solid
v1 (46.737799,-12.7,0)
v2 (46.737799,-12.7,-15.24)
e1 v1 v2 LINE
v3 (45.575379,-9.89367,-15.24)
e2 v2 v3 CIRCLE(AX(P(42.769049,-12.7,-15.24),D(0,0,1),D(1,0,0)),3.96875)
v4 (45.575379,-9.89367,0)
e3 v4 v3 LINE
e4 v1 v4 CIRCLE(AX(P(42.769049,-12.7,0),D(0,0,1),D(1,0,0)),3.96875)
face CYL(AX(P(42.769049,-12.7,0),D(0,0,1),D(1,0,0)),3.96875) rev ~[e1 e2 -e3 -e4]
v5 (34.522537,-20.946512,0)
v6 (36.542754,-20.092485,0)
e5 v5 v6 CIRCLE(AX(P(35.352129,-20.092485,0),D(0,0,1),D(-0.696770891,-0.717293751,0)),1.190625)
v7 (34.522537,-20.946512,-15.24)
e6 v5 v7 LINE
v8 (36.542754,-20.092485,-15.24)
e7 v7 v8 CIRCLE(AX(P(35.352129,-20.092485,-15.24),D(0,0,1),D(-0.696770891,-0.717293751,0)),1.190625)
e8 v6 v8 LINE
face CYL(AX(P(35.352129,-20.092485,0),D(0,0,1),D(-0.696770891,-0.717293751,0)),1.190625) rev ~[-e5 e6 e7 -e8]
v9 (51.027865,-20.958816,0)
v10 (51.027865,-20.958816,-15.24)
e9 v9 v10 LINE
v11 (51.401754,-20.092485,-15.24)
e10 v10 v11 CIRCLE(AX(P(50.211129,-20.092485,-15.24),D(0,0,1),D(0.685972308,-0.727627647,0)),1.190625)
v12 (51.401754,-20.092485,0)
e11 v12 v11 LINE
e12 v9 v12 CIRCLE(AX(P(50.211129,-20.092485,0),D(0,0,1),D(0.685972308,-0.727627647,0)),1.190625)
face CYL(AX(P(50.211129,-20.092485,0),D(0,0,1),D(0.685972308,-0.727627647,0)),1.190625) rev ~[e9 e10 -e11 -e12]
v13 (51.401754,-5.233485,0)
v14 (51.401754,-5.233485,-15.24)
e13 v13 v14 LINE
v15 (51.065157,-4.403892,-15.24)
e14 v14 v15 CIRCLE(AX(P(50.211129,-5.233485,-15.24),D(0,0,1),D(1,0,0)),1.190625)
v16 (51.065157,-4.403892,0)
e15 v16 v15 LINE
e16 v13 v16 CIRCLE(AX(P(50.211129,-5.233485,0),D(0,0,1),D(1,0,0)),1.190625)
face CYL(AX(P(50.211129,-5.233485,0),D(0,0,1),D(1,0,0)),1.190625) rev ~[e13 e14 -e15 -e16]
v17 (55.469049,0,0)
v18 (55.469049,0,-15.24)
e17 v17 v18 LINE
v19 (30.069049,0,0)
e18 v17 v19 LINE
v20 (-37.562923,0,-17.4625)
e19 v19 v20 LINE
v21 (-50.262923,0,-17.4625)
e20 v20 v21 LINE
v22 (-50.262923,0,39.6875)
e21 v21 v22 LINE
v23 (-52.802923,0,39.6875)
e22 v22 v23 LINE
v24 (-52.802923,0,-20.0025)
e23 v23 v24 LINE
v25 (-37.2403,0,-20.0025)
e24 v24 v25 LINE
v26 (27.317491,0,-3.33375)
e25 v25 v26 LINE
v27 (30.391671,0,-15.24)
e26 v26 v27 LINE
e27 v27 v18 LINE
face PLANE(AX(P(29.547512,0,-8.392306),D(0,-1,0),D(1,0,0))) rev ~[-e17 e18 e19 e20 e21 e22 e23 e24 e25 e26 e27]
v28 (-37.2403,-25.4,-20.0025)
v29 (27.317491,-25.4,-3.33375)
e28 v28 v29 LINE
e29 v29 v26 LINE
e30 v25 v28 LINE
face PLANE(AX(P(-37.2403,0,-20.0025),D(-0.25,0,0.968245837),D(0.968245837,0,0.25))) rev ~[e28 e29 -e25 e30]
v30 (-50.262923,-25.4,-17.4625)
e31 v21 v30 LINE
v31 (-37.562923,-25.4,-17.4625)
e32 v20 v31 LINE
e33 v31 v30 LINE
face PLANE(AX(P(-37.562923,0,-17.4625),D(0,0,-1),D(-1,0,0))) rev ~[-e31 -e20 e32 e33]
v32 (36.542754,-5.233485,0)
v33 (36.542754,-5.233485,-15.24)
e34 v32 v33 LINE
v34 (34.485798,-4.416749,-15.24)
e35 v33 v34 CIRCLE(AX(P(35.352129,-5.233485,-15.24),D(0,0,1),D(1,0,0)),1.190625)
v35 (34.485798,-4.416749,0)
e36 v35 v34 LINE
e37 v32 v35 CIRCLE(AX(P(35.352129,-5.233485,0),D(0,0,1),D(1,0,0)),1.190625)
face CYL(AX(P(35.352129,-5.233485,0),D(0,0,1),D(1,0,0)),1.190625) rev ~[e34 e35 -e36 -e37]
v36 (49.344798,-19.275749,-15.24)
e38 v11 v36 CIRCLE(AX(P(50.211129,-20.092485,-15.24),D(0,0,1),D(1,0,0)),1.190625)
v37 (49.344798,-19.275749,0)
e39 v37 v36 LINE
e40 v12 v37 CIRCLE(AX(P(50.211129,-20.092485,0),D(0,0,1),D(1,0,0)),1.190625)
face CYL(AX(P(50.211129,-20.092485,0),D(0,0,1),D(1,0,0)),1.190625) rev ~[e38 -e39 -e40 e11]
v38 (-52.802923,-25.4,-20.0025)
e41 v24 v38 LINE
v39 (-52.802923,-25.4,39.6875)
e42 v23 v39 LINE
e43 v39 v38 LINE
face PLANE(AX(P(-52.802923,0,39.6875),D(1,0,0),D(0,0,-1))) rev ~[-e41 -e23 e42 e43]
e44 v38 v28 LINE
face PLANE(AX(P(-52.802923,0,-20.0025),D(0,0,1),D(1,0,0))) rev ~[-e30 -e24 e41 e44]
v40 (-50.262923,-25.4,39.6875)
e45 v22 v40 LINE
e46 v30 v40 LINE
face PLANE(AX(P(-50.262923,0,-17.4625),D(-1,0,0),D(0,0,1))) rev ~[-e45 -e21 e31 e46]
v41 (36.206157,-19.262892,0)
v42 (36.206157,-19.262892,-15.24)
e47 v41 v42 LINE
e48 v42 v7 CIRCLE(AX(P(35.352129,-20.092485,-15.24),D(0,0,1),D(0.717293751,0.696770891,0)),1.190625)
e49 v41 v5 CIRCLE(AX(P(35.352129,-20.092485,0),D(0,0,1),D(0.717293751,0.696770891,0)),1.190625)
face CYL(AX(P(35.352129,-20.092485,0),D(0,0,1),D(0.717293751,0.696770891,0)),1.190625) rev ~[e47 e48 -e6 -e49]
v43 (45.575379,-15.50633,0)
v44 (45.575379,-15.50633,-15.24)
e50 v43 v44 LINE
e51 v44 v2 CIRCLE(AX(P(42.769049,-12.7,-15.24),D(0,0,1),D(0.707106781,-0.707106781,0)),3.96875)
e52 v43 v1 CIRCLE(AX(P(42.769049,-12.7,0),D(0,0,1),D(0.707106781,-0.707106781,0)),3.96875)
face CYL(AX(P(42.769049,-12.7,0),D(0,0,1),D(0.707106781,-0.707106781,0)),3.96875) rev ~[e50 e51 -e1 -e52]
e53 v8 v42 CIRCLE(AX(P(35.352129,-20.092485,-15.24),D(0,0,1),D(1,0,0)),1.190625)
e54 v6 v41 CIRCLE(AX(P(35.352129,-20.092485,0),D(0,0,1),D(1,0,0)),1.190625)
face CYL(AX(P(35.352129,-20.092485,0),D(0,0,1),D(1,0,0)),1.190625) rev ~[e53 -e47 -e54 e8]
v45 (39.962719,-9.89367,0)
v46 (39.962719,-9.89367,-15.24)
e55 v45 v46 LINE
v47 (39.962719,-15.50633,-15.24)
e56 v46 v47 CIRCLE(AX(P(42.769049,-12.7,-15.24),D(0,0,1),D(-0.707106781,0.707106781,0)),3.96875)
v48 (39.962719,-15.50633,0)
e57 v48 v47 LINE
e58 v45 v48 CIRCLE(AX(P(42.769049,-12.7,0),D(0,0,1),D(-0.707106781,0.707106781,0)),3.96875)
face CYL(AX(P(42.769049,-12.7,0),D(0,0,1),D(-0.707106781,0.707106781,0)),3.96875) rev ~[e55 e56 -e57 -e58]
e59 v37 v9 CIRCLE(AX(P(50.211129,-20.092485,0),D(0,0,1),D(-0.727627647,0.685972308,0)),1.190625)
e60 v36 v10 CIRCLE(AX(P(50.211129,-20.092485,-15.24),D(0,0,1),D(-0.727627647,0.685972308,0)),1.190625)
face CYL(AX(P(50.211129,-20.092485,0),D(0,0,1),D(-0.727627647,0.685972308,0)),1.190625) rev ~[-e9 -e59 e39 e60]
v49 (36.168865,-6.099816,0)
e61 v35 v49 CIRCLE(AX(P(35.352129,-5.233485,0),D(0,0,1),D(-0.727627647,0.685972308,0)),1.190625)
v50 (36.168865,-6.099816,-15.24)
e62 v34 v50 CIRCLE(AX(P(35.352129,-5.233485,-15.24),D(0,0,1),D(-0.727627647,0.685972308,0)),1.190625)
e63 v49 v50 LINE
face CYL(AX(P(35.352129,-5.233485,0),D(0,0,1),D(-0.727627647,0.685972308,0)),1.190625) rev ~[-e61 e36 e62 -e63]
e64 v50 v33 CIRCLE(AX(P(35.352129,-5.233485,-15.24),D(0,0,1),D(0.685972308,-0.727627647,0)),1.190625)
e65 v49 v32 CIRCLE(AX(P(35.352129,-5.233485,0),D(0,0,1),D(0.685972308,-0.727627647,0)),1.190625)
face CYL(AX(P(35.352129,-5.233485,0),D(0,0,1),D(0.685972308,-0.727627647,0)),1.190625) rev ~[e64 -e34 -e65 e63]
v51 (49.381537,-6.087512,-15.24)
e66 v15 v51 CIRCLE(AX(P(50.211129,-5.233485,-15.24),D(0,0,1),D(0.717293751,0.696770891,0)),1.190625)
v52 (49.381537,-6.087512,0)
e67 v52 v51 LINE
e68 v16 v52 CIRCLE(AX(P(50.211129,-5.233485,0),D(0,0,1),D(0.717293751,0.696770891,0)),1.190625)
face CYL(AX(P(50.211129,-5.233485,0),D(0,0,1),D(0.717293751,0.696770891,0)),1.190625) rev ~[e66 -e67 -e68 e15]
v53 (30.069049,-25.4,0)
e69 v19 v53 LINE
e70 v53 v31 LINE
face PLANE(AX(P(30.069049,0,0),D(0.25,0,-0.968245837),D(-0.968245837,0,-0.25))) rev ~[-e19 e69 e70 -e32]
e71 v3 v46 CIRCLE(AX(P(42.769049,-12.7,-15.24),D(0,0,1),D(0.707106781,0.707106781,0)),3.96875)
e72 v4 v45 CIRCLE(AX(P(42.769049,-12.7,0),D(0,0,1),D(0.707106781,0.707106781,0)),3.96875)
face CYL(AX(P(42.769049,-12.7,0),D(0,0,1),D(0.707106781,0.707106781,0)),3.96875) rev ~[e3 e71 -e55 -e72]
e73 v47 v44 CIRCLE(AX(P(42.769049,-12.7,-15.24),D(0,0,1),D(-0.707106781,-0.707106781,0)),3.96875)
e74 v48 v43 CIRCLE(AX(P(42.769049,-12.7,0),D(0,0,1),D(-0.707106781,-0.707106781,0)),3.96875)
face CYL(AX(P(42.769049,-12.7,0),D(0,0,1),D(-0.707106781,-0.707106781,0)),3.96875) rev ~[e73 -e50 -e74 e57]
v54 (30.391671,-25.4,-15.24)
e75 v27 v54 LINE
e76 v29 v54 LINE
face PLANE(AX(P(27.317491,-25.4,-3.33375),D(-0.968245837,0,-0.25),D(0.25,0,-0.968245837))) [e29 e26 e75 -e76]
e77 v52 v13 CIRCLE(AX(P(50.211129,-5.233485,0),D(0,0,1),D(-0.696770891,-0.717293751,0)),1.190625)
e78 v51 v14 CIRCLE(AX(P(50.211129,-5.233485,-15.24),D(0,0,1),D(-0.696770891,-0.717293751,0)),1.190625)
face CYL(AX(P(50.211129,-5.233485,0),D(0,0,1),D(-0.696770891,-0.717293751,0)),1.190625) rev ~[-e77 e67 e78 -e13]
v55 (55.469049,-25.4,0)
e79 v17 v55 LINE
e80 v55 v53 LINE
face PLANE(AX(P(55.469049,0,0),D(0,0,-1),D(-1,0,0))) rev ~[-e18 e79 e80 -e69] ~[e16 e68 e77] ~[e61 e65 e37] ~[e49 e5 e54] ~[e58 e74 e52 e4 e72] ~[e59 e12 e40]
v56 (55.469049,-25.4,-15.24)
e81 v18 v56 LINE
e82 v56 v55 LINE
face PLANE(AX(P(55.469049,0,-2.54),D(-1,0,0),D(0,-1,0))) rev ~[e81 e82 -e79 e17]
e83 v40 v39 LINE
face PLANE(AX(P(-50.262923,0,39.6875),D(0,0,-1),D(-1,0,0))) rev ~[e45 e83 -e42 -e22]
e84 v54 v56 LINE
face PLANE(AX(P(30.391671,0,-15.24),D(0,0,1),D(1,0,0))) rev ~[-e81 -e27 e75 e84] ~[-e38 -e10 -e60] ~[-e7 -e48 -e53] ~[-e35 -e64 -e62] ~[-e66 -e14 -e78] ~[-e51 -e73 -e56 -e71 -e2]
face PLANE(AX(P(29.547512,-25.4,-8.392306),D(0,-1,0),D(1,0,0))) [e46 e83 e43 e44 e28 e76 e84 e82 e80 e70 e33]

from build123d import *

# Parameters (mm, degrees)
F1_DEPTH = 25.4
F3_DEPTH = 12.7
F5_DEPTH = 25.4
F6_DEPTH = 20.0035


with BuildPart() as f1:
    # F0 (on Front) → F1 (new body)
    with BuildSketch(Plane.XZ):
        Polygon((-50.2629226224, -17.4625), (-50.2629226224, 39.6875), (-52.8029226224, 39.6875), (-52.8029226224, -20.0025), (-37.2403003217, -20.0025), (30.3916713614, -2.54), (55.4690490608, -2.54), (55.4690490608, 0), (30.0690490608, 0), (-37.5629226224, -17.4625), align=None)
    extrude(amount=F1_DEPTH)

    # F3 (add): a face of the model
    f3_faces = [f1.faces().sort_by_distance(p)[0] for p in [
        (42.9303602111, -12.7, -2.54),
    ]]
    extrude(f3_faces, amount=F3_DEPTH)

    # F4 (on face) → F5 (join)
    with BuildSketch(Plane.XZ.offset(25.4)):
        Polygon((27.3174908304, -3.33375), (30.3916713614, -15.24), (30.3916713614, -2.54), align=None)
    extrude(amount=-F5_DEPTH)

    # F2 (on face) → F6 (cut, through all)
    with BuildSketch(Plane.XY):
        with BuildLine():
            Line((42.7690490608, -12.7), (45.5753790986, -9.8936699622))
            ThreePointArc((45.5753790986, -9.8936699622), (42.7690490608, -8.73125), (39.962719023, -9.8936699622))
            Line((39.962719023, -9.8936699622), (42.7690490608, -12.7))
        make_face()
        with BuildLine():
            ThreePointArc((45.5753790986, -15.5063300378), (46.4356959554, -14.2187748722), (46.7377990608, -12.7))
            ThreePointArc((46.7377990608, -12.7), (46.4356959554, -11.1812251278), (45.5753790986, -9.8936699622))
            Line((45.5753790986, -9.8936699622), (42.7690490608, -12.7))
            Line((42.7690490608, -12.7), (45.5753790986, -15.5063300378))
        make_face()
        with BuildLine():
            ThreePointArc((39.962719023, -15.5063300378), (42.7690490608, -16.66875), (45.5753790986, -15.5063300378))
            Line((45.5753790986, -15.5063300378), (42.7690490608, -12.7))
            Line((42.7690490608, -12.7), (39.962719023, -15.5063300378))
        make_face()
        with BuildLine():
            Line((42.7690490608, -12.7), (39.962719023, -9.8936699622))
            ThreePointArc((39.962719023, -9.8936699622), (38.8002990608, -12.7), (39.962719023, -15.5063300378))
            Line((39.962719023, -15.5063300378), (42.7690490608, -12.7))
        make_face()
        with BuildLine():
            ThreePointArc((51.0651573617, -4.4038916991), (49.3692304778, -4.3915855299), (49.3815366471, -6.0875124137))
            Line((49.3815366471, -6.0875124137), (51.0651573617, -4.4038916991))
        make_face()
        with BuildLine():
            Line((51.0651573617, -4.4038916991), (49.3815366471, -6.0875124137))
            ThreePointArc((49.3815366471, -6.0875124137), (50.6747316424, -6.3301435284), (51.4017544892, -5.2334845412))
            ThreePointArc((51.4017544892, -5.2334845412), (51.314400722, -4.7858457611), (51.0651573617, -4.4038916991))
        make_face()
        with BuildLine():
            ThreePointArc((51.4017544892, -20.0924845412), (50.6505107302, -18.9858987941), (49.3447978224, -19.2757487616))
            Line((49.3447978224, -19.2757487616), (51.0278652688, -20.958816208))
            ThreePointArc((51.0278652688, -20.958816208), (51.3042932299, -20.564269372), (51.4017544892, -20.0924845412))
        make_face()
        with BuildLine():
            Line((51.0278652688, -20.958816208), (49.3447978224, -19.2757487616))
            ThreePointArc((49.3447978224, -19.2757487616), (49.3692304778, -20.9343835526), (51.0278652688, -20.958816208))
        make_face()
        with BuildLine():
            ThreePointArc((36.5427544892, -20.0924845412), (36.455400722, -19.6448457611), (36.2061573617, -19.2628916991))
            Line((36.2061573617, -19.2628916991), (34.5225366471, -20.9465124137))
            ThreePointArc((34.5225366471, -20.9465124137), (35.8157316424, -21.1891435284), (36.5427544892, -20.0924845412))
        make_face()
        with BuildLine():
            Line((34.5225366471, -20.9465124137), (36.2061573617, -19.2628916991))
            ThreePointArc((36.2061573617, -19.2628916991), (34.5102304778, -19.2505855299), (34.5225366471, -20.9465124137))
        make_face()
        with BuildLine():
            ThreePointArc((34.4857978224, -4.4167487616), (34.5102304778, -6.0753835526), (36.1688652688, -6.099816208))
            Line((36.1688652688, -6.099816208), (34.4857978224, -4.4167487616))
        make_face()
        with BuildLine():
            Line((34.4857978224, -4.4167487616), (36.1688652688, -6.099816208))
            ThreePointArc((36.1688652688, -6.099816208), (36.4452932299, -5.705269372), (36.5427544892, -5.2334845412))
            ThreePointArc((36.5427544892, -5.2334845412), (35.7915107302, -4.1268987941), (34.4857978224, -4.4167487616))
        make_face()
    extrude(amount=-F6_DEPTH, mode=Mode.SUBTRACT)


solid = f1.part
